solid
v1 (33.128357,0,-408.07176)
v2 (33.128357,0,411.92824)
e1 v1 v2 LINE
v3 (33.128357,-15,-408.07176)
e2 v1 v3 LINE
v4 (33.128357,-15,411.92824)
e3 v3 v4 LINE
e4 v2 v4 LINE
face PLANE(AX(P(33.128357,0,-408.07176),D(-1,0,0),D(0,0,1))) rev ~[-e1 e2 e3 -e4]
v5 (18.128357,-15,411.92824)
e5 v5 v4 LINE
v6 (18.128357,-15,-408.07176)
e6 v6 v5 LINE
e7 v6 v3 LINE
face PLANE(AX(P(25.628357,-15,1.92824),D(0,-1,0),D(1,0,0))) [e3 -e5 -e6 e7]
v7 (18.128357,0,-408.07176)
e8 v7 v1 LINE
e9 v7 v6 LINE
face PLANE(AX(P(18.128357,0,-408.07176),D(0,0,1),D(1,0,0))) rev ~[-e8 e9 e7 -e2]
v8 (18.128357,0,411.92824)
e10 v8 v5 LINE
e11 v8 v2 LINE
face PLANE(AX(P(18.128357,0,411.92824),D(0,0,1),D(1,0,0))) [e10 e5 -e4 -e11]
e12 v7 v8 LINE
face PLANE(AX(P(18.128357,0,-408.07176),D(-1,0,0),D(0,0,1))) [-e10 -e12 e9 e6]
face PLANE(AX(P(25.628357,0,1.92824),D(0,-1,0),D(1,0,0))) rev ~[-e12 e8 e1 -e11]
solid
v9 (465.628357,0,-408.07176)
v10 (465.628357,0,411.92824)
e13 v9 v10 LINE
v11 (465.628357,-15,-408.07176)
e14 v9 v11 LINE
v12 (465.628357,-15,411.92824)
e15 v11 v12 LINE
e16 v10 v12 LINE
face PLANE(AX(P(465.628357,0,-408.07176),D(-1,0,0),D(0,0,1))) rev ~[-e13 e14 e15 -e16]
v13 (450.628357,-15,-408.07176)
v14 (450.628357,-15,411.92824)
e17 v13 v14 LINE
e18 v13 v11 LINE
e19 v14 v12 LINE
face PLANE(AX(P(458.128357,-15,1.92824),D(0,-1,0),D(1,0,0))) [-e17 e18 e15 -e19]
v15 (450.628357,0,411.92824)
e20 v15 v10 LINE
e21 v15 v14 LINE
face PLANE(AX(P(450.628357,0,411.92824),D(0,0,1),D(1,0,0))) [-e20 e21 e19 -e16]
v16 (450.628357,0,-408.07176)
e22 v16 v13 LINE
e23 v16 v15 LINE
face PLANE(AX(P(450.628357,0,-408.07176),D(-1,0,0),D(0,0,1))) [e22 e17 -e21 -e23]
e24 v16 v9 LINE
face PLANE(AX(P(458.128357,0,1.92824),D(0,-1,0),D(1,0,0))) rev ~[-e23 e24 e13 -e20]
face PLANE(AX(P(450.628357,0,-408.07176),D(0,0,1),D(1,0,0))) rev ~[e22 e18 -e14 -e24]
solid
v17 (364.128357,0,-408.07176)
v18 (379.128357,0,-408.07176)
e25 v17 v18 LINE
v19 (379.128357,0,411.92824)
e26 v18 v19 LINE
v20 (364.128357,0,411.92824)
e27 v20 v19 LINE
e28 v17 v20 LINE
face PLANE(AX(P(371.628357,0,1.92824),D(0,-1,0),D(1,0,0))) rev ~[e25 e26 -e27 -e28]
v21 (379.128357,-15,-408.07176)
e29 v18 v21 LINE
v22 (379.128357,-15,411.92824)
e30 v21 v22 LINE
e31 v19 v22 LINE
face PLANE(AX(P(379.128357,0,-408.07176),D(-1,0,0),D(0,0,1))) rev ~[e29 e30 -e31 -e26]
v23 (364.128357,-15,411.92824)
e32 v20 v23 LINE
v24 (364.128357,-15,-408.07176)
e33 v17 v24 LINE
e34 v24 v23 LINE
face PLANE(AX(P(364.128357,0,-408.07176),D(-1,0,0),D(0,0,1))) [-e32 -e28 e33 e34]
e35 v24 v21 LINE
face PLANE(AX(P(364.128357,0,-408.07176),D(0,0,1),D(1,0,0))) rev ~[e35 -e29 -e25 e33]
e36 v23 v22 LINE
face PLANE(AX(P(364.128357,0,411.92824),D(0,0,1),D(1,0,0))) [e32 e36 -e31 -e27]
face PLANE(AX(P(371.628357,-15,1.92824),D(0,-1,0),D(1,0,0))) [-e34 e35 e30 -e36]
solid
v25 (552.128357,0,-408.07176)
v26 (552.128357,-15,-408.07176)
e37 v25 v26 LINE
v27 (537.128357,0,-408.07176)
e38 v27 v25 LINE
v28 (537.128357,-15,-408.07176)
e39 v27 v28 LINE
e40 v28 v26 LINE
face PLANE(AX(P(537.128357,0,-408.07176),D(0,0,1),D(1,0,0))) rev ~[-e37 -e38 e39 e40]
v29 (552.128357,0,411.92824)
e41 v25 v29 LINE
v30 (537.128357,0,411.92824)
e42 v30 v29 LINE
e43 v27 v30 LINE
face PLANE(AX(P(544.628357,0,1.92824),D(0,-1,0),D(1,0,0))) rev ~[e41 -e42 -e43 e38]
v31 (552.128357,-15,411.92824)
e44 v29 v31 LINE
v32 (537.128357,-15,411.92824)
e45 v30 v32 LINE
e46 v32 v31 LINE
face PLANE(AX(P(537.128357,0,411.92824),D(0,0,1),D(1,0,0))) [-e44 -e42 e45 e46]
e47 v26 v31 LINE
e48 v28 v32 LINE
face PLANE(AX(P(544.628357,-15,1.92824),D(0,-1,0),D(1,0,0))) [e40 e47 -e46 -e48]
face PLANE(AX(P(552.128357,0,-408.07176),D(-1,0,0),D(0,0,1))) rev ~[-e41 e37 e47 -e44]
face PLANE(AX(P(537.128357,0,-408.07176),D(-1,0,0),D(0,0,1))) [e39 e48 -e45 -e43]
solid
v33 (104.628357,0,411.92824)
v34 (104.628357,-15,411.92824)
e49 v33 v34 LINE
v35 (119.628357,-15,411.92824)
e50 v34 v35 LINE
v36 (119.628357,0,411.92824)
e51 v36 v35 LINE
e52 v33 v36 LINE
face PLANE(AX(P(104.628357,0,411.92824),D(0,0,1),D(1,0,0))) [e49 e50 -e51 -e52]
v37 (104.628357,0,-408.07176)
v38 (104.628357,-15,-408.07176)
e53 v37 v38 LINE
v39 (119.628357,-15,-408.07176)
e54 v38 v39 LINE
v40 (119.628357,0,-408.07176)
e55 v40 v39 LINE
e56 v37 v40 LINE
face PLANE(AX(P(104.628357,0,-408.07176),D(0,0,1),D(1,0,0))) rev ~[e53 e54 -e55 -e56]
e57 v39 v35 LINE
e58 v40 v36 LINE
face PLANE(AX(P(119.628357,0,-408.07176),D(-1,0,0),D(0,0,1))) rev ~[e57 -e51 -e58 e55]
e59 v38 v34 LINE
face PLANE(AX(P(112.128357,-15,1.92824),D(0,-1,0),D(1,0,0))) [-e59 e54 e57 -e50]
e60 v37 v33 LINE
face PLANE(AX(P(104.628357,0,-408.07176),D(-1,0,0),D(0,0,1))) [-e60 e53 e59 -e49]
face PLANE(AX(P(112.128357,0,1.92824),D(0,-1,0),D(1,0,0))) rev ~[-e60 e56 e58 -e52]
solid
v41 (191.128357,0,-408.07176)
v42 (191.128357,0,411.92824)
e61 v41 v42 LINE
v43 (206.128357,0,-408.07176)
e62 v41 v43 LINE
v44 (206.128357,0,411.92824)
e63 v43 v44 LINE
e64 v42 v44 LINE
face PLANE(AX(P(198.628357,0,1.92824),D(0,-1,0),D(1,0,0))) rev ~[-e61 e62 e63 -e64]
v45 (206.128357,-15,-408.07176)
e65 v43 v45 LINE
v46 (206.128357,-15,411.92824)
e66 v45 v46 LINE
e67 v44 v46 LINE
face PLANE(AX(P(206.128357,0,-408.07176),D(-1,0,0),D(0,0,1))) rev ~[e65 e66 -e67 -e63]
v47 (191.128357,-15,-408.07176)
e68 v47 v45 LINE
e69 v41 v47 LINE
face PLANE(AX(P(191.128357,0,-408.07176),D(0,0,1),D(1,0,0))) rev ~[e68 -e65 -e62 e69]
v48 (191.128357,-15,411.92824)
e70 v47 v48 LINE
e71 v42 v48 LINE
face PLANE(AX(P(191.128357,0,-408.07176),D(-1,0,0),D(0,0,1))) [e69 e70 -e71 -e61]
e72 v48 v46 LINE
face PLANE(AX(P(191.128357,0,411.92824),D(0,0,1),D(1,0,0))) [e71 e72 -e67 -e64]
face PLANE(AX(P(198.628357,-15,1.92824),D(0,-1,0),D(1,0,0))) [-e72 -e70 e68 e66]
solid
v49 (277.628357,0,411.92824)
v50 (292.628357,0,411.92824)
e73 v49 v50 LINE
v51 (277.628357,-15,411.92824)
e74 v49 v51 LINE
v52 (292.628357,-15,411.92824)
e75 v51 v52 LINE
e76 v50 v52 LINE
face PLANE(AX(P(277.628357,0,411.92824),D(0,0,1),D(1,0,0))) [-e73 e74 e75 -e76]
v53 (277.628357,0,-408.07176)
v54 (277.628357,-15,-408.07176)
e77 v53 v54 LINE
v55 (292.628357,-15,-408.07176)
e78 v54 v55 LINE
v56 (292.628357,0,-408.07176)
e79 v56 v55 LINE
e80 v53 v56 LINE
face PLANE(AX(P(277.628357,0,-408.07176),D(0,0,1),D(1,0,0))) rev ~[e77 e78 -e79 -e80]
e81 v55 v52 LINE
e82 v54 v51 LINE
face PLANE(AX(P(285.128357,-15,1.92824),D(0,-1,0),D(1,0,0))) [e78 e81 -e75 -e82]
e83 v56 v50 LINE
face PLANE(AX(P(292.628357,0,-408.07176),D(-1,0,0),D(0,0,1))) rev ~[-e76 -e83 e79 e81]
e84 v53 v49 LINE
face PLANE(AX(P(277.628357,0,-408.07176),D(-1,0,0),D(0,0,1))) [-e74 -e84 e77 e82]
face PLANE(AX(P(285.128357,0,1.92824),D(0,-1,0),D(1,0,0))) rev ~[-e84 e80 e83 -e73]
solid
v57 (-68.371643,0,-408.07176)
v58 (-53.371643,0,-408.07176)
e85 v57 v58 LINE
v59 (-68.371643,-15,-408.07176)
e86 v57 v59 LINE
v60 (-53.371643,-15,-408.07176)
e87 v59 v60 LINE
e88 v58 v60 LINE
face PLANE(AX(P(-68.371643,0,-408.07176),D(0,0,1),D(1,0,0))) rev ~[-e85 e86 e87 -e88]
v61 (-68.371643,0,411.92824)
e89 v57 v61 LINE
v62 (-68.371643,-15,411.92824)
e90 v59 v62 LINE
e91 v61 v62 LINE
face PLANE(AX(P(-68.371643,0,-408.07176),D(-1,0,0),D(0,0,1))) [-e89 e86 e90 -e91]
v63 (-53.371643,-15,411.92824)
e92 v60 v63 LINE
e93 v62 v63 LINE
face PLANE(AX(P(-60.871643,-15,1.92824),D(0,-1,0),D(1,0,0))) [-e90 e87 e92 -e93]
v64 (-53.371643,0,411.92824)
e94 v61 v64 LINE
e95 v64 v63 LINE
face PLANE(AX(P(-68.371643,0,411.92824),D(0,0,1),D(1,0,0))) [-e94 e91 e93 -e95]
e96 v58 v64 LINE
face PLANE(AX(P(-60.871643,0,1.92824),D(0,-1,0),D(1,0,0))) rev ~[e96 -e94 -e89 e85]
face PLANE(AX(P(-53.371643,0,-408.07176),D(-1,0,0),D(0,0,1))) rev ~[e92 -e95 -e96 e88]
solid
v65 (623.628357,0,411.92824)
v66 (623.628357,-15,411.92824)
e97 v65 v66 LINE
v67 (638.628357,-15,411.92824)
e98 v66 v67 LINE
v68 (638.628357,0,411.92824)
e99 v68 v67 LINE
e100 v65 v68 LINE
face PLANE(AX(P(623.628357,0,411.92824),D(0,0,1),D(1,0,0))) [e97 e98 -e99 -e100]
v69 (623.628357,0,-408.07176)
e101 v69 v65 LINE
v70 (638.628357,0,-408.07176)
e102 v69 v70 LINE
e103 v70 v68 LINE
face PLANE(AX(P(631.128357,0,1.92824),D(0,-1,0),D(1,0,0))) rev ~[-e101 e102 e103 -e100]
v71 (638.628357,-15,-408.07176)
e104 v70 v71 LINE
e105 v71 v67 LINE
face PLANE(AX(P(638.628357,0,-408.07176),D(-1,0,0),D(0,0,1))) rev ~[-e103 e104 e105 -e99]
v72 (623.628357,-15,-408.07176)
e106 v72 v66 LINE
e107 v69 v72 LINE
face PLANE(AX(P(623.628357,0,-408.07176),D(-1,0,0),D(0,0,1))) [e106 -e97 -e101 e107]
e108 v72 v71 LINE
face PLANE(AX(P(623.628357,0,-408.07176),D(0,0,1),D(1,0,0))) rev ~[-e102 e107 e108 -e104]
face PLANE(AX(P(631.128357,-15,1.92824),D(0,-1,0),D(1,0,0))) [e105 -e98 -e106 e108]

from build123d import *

# Parameters (mm, degrees)
F0_W     = 15
F0_H     = 820
F1_DEPTH = 15


with BuildPart() as f1:
    # F0 (on Front) → F1 (new body)
    with BuildSketch(Plane.XZ):
        with Locations((-60.871643, 1.92824)):
            Rectangle(F0_W, F0_H)
        with Locations((25.628357, 1.92824)):
            Rectangle(F0_W, F0_H)
        with Locations((112.128357, 1.92824)):
            Rectangle(F0_W, F0_H)
        with Locations((198.628357, 1.92824)):
            Rectangle(F0_W, F0_H)
        with Locations((285.128357, 1.92824)):
            Rectangle(F0_W, F0_H)
        with Locations((371.628357, 1.92824)):
            Rectangle(F0_W, F0_H)
        with Locations((458.128357, 1.92824)):
            Rectangle(F0_W, F0_H)
        with Locations((544.628357, 1.92824)):
            Rectangle(F0_W, F0_H)
        with Locations((631.128357, 1.92824)):
            Rectangle(F0_W, F0_H)
    extrude(amount=F1_DEPTH)


solid = f1.part
